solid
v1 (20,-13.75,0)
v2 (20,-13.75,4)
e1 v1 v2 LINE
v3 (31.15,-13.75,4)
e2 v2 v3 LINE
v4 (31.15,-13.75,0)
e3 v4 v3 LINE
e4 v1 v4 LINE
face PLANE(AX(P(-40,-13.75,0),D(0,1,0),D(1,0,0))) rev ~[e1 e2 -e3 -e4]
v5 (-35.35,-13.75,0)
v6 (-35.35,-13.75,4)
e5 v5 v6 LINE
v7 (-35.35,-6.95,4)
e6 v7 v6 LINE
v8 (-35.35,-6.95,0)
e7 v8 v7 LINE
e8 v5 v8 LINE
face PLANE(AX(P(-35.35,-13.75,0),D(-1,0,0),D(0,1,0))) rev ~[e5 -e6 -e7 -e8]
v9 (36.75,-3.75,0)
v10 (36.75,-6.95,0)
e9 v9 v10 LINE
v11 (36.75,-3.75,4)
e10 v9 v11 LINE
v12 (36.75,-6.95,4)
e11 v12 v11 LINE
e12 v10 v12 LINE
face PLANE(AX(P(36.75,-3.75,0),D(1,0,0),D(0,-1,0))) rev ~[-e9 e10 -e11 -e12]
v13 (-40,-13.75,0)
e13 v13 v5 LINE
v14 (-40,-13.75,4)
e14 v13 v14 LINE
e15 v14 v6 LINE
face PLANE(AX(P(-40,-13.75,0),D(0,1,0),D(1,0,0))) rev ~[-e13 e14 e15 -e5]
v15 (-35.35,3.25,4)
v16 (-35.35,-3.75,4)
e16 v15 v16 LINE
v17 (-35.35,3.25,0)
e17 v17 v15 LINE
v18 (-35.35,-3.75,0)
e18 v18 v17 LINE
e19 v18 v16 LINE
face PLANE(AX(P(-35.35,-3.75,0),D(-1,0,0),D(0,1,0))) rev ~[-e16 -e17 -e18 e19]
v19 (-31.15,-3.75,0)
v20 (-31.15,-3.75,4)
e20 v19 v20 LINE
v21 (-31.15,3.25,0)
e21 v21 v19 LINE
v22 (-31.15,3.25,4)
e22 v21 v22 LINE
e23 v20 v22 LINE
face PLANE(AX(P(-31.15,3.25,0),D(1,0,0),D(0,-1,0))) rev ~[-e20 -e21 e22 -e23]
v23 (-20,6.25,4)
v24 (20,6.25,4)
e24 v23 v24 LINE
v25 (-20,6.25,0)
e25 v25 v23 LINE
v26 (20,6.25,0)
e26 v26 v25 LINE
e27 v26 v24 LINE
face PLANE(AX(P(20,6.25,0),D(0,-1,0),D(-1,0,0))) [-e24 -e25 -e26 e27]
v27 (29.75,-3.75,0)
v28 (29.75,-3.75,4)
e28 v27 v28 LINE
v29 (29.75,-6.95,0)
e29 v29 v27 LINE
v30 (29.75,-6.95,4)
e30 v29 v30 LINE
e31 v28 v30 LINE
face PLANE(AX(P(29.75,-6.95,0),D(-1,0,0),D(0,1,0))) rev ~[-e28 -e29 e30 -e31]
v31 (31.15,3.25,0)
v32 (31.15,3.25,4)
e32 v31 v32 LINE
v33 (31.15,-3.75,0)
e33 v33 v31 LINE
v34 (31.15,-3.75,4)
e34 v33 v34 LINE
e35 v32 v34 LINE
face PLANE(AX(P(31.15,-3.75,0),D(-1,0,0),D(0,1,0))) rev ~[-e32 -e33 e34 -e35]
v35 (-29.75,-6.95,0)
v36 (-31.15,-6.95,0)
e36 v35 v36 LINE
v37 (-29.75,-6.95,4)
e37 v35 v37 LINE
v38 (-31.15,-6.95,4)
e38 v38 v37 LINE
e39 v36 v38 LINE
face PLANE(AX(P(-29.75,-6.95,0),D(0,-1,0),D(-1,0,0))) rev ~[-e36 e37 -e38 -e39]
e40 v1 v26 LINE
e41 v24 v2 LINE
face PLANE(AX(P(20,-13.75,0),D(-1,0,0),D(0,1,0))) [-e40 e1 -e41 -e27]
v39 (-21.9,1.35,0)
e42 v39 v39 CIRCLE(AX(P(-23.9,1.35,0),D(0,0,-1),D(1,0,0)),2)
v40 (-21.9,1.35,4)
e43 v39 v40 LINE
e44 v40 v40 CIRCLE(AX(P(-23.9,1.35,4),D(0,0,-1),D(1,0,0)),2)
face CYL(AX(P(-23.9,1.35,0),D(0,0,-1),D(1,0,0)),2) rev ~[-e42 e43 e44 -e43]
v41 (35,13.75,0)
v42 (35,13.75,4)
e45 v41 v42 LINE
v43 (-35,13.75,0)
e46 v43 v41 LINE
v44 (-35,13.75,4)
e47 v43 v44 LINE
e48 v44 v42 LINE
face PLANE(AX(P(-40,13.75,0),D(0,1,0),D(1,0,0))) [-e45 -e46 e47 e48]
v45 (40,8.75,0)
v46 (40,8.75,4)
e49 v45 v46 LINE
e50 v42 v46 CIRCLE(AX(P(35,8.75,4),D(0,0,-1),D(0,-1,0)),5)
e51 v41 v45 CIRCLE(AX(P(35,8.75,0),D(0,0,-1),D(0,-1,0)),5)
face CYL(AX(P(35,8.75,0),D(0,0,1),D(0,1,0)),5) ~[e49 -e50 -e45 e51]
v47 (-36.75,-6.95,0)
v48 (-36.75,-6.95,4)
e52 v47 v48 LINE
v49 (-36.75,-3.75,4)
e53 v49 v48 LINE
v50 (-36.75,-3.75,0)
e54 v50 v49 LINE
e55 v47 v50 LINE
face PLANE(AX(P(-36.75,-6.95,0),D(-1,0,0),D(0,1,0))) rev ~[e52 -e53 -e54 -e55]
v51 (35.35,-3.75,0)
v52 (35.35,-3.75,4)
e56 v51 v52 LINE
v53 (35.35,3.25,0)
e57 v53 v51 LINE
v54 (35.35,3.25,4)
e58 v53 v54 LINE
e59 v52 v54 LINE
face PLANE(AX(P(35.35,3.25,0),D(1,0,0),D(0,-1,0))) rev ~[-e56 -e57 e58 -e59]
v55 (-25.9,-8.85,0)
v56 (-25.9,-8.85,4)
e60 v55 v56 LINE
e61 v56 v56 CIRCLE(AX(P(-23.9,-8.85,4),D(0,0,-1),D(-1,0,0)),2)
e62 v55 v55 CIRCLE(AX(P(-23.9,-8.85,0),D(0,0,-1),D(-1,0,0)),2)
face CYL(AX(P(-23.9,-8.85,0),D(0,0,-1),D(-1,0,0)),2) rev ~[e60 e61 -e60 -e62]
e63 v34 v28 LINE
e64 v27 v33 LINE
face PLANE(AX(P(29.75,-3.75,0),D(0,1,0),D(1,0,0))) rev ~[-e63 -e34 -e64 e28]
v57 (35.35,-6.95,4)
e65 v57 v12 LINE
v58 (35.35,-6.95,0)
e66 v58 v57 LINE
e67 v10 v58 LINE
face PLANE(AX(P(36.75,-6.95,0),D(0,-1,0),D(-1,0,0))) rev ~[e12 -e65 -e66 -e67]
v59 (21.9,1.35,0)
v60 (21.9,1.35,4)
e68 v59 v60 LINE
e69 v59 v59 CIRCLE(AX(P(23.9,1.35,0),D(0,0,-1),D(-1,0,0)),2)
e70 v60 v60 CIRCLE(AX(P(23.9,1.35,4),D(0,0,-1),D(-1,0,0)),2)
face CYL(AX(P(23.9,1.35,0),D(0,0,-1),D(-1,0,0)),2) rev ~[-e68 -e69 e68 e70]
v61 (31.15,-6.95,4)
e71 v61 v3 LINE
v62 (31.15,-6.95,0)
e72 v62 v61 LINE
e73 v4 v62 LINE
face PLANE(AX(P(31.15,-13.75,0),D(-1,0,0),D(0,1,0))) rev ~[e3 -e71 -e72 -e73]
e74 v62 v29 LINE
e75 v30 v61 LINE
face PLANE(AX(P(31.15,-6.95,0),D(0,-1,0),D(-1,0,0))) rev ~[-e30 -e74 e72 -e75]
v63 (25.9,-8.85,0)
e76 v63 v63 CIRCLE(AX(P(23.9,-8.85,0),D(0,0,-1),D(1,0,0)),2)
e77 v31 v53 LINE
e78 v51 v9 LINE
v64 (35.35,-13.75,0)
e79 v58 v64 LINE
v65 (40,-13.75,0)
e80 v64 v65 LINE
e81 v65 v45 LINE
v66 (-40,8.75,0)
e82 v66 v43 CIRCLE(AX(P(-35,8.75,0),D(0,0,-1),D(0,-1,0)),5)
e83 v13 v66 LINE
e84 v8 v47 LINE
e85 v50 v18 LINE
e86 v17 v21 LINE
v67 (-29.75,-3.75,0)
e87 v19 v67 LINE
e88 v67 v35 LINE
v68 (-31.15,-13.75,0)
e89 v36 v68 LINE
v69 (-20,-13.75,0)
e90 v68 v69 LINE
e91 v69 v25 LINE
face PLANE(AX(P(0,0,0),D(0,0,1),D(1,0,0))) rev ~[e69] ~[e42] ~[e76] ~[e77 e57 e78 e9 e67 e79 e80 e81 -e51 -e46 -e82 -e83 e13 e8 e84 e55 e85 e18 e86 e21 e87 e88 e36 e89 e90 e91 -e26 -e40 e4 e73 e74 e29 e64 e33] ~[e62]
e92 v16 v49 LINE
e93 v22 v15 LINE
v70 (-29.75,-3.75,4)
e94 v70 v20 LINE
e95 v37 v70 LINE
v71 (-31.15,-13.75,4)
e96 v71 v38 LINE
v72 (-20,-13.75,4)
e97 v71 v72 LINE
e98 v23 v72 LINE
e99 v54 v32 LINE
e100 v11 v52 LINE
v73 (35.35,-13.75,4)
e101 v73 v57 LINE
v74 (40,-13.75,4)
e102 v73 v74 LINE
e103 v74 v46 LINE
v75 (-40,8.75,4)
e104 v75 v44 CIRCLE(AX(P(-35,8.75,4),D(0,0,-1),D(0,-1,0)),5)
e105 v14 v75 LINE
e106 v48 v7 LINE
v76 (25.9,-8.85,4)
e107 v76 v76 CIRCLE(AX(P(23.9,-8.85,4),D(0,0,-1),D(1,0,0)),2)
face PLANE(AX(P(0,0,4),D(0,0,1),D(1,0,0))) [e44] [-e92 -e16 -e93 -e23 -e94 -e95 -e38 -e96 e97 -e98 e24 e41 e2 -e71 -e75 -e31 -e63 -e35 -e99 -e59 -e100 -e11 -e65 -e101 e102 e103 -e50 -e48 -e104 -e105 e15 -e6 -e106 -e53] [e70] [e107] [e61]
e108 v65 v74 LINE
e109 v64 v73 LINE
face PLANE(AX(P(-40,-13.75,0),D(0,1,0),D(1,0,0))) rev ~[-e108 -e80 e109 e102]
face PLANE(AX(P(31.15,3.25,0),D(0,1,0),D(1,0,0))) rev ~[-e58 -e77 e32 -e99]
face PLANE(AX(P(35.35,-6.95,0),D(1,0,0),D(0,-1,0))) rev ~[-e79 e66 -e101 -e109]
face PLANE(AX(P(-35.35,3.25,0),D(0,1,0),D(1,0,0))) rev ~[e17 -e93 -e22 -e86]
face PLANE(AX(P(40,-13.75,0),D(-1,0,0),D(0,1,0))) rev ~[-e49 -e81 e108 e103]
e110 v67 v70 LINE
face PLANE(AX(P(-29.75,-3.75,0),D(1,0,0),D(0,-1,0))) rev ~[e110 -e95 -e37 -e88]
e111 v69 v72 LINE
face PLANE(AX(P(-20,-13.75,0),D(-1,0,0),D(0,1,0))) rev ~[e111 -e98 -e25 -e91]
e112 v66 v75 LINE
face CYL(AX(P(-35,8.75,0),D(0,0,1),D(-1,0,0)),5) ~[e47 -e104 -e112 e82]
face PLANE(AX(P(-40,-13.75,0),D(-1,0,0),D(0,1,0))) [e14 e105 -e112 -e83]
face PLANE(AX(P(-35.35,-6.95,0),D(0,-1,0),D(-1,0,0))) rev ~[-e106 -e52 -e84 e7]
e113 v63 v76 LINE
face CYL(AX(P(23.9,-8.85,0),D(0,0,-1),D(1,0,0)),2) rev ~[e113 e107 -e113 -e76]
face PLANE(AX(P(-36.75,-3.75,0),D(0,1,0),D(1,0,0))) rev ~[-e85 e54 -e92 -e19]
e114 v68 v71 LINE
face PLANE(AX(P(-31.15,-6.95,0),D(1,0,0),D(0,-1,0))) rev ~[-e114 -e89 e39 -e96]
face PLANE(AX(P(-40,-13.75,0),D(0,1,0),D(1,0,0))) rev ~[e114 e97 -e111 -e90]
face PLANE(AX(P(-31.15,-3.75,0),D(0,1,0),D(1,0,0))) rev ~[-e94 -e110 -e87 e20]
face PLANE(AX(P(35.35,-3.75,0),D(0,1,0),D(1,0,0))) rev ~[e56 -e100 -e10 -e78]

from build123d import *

# Parameters (mm, degrees)
ESQUISSE1_W             = 80
ESQUISSE1_H             = 27.5
BOSS_EXTRU_1_DEPTH      = 4
ESQUISSE2_R             = 2
ESQUISSE2_W             = 40
ESQUISSE2_H             = 20
ENL_V_MAT_EXTRU_1_DEPTH = 43.486027115
ENL_V_MAT_EXTRU_2_DEPTH = 43.486027115
CONG_1_R                = 5


with BuildPart() as part:
    # Esquisse1 → Boss.-Extru.1 (new body)
    with BuildSketch(Plane.XY):
        Rectangle(ESQUISSE1_W, ESQUISSE1_H)
    extrude(amount=BOSS_EXTRU_1_DEPTH)

    # Esquisse2 → Enlèv. mat.-Extru.1 (cut, through all)
    with BuildSketch(Plane(origin=(0, 0, 0), x_dir=(-1, 0, 0), z_dir=(0, 0, -1))):
        with Locations((-23.9, 1.35)):
            Circle(ESQUISSE2_R)
        with Locations(Location((-23.9, -8.85, 0), (0, 0, 180))):
            Circle(ESQUISSE2_R)
        with Locations((23.9, -8.85)):
            Circle(ESQUISSE2_R)
        with Locations(Location((23.9, 1.35, 0), (0, 0, 180))):
            Circle(ESQUISSE2_R)
        with Locations((0, -3.75)):
            Rectangle(ESQUISSE2_W, ESQUISSE2_H)
    extrude(amount=-ENL_V_MAT_EXTRU_1_DEPTH, mode=Mode.SUBTRACT)

    # Esquisse3 → Enlèv. mat.-Extru.2 (cut, through all)
    with BuildSketch(Plane(origin=(0, 0, 0), x_dir=(-1, 0, 0), z_dir=(0, 0, -1))):
        Polygon((31.15, -13.75), (35.35, -13.75), (35.35, -6.95), (36.75, -6.95), (36.75, -3.75), (35.35, -3.75), (35.35, 3.25), (31.15, 3.25), (31.15, -3.75), (29.75, -3.75), (29.75, -6.95), (31.15, -6.95), align=None)
        Polygon((-31.15, -13.75), (-31.15, -6.95), (-29.75, -6.95), (-29.75, -3.75), (-31.15, -3.75), (-31.15, 3.25), (-35.35, 3.25), (-35.35, -3.75), (-36.75, -3.75), (-36.75, -6.95), (-35.35, -6.95), (-35.35, -13.75), align=None)
    extrude(amount=-ENL_V_MAT_EXTRU_2_DEPTH, mode=Mode.SUBTRACT)

    # Congé1
    cong_1_edges = [part.edges().sort_by_distance(p)[0] for p in [
        (-40, 13.75, 2),
        (40, 13.75, 2),
    ]]
    fillet(cong_1_edges, radius=CONG_1_R)


solid = part.part
